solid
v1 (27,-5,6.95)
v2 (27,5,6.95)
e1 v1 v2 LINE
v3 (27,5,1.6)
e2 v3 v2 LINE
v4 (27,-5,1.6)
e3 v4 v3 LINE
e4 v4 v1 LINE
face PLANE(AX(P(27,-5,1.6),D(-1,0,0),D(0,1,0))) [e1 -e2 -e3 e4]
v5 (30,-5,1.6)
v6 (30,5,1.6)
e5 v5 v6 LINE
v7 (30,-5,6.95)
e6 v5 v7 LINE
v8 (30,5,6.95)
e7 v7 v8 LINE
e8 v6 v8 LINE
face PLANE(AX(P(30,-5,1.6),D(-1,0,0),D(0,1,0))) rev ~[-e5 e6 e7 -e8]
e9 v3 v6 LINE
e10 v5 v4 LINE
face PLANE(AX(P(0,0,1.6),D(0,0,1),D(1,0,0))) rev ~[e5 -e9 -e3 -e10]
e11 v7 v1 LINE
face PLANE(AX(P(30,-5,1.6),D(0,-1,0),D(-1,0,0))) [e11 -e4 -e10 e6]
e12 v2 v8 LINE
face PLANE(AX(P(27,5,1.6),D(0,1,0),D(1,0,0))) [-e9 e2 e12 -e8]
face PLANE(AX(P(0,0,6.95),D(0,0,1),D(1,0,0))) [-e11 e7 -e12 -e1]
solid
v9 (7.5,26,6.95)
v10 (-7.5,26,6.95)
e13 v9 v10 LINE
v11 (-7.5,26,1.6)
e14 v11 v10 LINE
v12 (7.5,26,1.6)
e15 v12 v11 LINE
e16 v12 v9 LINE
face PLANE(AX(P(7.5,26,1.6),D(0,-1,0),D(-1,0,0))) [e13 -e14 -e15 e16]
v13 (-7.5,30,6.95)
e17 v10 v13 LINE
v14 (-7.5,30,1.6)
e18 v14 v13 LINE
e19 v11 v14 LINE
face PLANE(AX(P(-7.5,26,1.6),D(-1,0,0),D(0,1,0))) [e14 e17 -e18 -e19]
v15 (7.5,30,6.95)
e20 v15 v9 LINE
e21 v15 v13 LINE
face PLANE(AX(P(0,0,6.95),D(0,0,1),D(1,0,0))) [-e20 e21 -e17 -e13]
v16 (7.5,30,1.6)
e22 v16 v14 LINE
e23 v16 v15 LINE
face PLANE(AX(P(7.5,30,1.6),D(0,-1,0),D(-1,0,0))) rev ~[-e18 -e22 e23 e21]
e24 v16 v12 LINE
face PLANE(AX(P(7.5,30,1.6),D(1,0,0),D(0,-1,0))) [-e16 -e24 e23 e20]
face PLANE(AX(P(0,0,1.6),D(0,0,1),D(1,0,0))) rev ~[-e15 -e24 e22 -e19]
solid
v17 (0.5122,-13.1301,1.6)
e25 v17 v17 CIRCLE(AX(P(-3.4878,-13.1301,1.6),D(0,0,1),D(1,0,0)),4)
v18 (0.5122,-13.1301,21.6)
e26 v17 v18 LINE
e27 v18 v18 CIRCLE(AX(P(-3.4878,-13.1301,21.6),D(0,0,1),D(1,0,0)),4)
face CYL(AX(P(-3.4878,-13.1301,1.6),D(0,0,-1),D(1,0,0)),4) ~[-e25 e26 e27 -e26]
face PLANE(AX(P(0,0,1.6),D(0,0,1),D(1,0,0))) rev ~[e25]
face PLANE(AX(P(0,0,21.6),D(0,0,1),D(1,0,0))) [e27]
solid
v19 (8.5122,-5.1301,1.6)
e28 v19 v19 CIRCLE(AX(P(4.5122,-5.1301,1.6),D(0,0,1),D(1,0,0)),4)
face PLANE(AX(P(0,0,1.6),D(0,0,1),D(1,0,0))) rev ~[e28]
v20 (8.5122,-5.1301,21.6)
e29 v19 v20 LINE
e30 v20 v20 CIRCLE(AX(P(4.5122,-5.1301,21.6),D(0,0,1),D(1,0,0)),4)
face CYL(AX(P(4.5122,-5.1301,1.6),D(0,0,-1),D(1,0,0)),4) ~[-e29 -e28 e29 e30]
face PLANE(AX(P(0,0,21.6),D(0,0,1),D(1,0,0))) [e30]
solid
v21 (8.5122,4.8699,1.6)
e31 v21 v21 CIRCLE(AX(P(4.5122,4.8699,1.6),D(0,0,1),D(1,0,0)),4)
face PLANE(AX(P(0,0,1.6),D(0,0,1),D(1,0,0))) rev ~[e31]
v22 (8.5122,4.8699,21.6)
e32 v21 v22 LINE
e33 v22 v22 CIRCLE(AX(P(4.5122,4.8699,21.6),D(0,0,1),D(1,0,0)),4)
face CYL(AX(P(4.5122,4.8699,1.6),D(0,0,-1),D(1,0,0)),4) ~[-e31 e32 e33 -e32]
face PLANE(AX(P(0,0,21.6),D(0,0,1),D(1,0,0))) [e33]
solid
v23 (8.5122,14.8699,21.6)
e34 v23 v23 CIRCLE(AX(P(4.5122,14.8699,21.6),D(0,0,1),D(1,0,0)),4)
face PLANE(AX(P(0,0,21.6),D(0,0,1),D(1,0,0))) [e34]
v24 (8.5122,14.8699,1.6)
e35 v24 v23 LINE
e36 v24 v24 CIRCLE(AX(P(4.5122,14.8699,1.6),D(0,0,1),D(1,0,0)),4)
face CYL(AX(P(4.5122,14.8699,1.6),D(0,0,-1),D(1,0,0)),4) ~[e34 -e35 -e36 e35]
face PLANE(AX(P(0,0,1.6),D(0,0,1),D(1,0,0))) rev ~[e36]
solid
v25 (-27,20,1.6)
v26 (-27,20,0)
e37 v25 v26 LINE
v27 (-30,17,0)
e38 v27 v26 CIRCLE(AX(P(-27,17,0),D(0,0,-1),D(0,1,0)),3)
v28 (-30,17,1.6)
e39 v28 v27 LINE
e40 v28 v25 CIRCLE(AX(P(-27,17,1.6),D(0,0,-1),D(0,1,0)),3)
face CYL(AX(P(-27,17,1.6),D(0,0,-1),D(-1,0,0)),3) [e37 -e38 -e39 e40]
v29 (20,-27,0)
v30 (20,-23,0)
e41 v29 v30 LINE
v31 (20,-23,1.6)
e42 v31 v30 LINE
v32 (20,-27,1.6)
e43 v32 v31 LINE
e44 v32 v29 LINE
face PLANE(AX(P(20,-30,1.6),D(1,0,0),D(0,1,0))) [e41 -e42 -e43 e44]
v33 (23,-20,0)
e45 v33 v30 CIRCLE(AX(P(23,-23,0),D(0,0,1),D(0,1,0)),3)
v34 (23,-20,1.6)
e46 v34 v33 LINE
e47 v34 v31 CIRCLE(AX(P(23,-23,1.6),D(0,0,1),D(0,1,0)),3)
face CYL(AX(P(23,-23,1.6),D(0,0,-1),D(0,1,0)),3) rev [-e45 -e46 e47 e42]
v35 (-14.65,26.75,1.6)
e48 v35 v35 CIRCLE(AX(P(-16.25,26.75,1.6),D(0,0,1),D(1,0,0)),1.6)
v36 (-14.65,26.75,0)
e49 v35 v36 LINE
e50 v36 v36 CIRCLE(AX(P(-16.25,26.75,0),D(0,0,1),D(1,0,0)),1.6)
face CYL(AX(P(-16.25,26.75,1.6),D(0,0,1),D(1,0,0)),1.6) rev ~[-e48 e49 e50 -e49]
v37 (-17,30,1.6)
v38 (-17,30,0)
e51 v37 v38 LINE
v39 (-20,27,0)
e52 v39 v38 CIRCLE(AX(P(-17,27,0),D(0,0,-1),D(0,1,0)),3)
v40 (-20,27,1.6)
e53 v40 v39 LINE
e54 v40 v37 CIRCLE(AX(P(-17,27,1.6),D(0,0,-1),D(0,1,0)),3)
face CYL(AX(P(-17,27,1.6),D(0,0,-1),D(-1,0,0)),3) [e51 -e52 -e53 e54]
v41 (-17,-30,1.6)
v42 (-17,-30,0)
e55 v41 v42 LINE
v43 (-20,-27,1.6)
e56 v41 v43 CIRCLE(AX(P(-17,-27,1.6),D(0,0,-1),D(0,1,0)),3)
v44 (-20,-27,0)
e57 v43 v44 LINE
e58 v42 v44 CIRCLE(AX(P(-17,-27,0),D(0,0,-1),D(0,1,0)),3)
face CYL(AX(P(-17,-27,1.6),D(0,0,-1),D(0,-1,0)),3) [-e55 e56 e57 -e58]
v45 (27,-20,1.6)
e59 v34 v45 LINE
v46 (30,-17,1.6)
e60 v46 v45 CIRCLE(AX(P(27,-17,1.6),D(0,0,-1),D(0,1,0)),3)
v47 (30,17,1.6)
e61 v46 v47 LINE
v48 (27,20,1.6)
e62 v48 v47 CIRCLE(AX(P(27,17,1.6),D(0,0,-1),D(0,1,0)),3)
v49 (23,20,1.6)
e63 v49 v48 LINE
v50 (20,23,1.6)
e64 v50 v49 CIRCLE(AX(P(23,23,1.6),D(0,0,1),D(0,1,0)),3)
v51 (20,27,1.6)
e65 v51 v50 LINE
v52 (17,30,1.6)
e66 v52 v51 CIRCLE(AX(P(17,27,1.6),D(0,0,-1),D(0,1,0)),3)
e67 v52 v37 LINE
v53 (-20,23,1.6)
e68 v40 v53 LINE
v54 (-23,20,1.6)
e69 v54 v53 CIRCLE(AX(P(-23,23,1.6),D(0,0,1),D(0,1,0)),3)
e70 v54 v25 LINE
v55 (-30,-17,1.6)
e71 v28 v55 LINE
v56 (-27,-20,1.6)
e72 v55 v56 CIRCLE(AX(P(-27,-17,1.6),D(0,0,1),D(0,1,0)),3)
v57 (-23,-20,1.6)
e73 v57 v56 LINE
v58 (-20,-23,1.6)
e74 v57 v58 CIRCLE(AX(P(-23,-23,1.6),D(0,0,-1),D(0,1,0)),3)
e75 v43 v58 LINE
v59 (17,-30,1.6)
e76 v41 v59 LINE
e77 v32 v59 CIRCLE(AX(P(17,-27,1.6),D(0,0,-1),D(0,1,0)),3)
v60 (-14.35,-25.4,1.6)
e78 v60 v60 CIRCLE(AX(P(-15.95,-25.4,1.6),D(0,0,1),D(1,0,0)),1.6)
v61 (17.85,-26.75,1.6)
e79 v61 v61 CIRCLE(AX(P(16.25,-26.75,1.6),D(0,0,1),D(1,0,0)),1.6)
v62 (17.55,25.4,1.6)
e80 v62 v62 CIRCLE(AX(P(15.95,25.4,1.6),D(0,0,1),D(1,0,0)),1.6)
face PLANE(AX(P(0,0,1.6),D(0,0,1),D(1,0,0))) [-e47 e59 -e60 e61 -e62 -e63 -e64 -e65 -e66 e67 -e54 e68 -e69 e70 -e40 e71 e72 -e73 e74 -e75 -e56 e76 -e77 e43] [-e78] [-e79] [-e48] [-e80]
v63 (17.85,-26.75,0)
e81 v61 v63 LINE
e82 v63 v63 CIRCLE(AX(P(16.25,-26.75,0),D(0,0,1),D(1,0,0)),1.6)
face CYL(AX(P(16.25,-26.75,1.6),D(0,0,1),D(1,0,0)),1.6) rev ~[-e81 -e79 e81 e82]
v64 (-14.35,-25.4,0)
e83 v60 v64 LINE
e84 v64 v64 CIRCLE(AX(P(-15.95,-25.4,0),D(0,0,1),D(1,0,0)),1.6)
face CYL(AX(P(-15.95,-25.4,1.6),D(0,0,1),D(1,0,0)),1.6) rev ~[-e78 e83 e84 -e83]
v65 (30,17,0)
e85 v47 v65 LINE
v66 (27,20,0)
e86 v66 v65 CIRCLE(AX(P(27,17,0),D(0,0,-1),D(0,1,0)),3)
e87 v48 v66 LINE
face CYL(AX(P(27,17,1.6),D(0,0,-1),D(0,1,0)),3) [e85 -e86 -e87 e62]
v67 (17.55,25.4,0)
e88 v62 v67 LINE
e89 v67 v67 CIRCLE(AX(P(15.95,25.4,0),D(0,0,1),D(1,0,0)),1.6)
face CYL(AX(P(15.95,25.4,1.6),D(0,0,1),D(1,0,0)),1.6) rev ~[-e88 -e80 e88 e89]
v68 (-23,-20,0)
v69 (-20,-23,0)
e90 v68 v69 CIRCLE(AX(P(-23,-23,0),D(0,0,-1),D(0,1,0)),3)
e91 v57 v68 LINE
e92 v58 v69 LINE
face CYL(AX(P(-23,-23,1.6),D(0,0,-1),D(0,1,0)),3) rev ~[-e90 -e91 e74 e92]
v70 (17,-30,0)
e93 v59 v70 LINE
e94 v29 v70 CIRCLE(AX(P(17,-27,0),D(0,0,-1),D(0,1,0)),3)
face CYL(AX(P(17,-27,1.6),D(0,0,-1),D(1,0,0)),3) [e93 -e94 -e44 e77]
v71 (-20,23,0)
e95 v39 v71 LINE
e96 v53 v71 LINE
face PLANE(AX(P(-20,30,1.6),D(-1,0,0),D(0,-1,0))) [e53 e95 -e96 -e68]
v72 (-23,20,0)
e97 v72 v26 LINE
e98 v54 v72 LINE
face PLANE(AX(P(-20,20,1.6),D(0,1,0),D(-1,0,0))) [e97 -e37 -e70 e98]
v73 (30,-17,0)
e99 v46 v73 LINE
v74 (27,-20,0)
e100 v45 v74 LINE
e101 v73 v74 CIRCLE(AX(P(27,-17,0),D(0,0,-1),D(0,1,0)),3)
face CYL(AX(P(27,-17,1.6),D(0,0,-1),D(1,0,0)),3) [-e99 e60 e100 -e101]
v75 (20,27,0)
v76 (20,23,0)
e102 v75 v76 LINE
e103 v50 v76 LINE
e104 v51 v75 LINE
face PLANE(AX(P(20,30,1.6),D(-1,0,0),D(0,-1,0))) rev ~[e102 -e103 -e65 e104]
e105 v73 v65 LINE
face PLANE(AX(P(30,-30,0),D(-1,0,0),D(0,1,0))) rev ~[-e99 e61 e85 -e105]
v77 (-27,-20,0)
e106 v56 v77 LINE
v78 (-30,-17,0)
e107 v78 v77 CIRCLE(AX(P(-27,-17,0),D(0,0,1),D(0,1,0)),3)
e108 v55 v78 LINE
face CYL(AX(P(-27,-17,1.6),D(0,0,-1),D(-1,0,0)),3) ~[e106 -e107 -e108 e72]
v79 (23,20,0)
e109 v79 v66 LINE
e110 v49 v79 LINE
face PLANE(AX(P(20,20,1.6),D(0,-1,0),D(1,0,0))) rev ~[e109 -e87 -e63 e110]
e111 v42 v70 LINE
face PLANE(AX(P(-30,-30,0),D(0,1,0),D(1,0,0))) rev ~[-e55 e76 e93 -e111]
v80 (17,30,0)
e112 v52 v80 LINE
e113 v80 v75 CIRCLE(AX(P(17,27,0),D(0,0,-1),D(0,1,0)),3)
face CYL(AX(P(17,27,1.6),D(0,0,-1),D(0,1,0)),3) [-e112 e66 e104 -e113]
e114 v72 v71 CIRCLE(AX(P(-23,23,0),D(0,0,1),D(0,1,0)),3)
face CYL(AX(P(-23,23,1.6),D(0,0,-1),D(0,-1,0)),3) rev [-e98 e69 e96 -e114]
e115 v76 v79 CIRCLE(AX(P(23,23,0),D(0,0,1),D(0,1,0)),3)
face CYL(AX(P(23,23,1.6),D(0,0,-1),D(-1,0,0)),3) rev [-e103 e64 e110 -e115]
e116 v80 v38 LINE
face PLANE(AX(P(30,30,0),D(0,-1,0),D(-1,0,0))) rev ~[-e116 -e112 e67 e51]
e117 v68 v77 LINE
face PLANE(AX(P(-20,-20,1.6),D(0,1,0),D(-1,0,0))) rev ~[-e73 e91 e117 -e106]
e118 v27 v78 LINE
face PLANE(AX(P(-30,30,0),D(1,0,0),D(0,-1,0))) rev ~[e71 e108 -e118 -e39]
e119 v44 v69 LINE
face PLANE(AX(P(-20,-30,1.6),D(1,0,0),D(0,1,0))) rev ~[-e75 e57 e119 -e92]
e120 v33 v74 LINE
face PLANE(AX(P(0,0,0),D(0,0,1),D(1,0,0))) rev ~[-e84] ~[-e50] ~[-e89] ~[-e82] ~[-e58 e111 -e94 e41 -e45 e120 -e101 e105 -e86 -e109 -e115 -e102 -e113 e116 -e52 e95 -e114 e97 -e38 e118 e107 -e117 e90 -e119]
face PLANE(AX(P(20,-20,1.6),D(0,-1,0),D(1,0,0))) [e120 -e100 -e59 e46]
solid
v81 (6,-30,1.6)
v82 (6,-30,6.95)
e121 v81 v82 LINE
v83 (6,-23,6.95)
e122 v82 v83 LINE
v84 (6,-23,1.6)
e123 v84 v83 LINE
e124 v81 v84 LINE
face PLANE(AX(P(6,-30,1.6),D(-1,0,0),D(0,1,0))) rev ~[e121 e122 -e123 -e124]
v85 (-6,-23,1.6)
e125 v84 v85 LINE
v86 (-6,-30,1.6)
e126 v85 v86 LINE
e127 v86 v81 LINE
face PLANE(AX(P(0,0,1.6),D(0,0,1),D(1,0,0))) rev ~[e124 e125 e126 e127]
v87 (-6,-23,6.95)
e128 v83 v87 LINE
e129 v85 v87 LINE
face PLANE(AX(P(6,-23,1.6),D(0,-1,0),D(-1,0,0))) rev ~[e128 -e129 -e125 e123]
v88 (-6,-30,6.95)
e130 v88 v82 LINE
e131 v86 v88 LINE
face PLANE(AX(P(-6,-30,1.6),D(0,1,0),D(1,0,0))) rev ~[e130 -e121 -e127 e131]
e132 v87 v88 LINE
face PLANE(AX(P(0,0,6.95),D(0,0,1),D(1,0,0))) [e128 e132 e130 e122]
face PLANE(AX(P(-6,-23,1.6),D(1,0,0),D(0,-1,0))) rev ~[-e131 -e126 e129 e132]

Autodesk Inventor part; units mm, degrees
ref_plane "YZ Plane" through (0, 0, 0) normal (1, 0, 0) x (0, 1, 0)
ref_plane "XZ Plane" through (0, 0, 0) normal (0, 1, 0) x (-1, 0, 0)
ref_plane "XY Plane" through (0, 0, 0) normal (0, 0, 1) x (1, 0, 0)
sketch "Sketch1" plane through (0, 0, 0) normal (0, 0, 1) x (1, 0, 0)
  line L0 (-30, -30) -> (30, -30)
  line L1 (30, -30) -> (30, 30)
  line L2 (30, 30) -> (-30, 30)
  line L3 (-30, 30) -> (-30, -30)
  line L4 (-30, -30) -> (30, 30) construction
  line L5 (30, -30) -> (-30, 30) construction
  point P0 (0, 0)
  dimension "d0" = 60
  dimension "d1" = 60
extrude "Extrusion1" add sketch "Sketch1" along normal blind 1.6
sketch "Sketch2" plane through (0, 0, 1.6) normal (0, 0, 1) x (1, 0, 0)
  line L0 (-30, -30) -> (30, -30) construction
  line L1 (30, -30) -> (30, 30) construction
  line L2 (30, 30) -> (-30, 30) construction
  line L3 (-30, 30) -> (-30, -30) construction
  line L4 (-30, -30) -> (-20, -30)
  line L5 (-20, -30) -> (-20, -20)
  line L6 (-20, -20) -> (-30, -20)
  line L7 (-30, -20) -> (-30, -30)
  line L8 (-42, 0) -> (42, 0) construction
  line L9 (0, -42) -> (0, 42) construction
  line L10 (-30, 30) -> (-20, 30)
  line L11 (-20, 30) -> (-20, 20)
  line L12 (-20, 20) -> (-30, 20)
  line L13 (-30, 20) -> (-30, 30)
  line L14 (30, 30) -> (30, -30) construction
  line L15 (30, -30) -> (20, -30)
  line L16 (20, -30) -> (20, -20)
  line L17 (20, -20) -> (30, -20)
  line L18 (30, -20) -> (30, -30)
  line L19 (30, 30) -> (20, 30)
  line L20 (20, 30) -> (20, 20)
  line L21 (20, 20) -> (30, 20)
  line L22 (30, 20) -> (30, 30)
  point P0 (0, 0)
  dimension "d4" = 10
  dimension "d5" = 10
extrude "Extrusion2" cut sketch "Sketch2" against normal blind 1.6
fillet "Fillet1" radius 3 12 edges at (30, 20, 0.8) (20, 20, 0.8) (20, 30, 0.8) (-20, 30, 0.8) (-20, 20, 0.8) (-30, 20, 0.8) (-30, -20, 0.8) (-20, -20, 0.8) (-20, -30, 0.8) (20, -30, 0.8) (20, -20, 0.8) (30, -20, 0.8)
sketch "Sketch3" plane through (0, 0, 1.6) normal (0, 0, 1) x (1, 0, 0)
  line L0 (-42, 0) -> (42, 0) construction
  line L1 (0, -42) -> (0, 42) construction
  circle A0 centre (16.25, -26.75) radius 1.6
  line L2 (-17, -30) -> (17, -30) construction
  line L3 (30, -17) -> (30, 17) construction
  circle A1 centre (-15.95, -25.4) radius 1.6
  circle A2 centre (-16.25, 26.75) radius 1.6
  circle A3 centre (15.95, 25.4) radius 1.6
  point P0 (0, 0)
  dimension "d9" = 3.25
  dimension "d10" = 13.75
  dimension "d11" = 3.2
  dimension "d12" = 3.2
  dimension "d13" = 3.2
  dimension "d14" = 3.2
  dimension "d15" = 4.6
  dimension "d16" = 45.95
  dimension "d17" = 56.75
  dimension "d18" = 46.25
  dimension "d19" = 55.4
  dimension "d20" = 14.05
  dimension "d41" = 52.15
  dimension "d42" = 0.3
  dimension "d43" = 32.2
  dimension "d44" = 32.2
  dimension "d45" = 52.15
  dimension "d46" = 1.35
extrude "Extrusion3" cut sketch "Sketch3" against normal blind 1.6
sketch "Sketch4" plane through (0, 0, 1.6) normal (0, 0, 1) x (1, 0, 0)
  line L0 (-17, -30) -> (17, -30) projected
  line L1 (-6, -30) -> (6, -30)
  line L2 (6, -30) -> (6, -23)
  line L3 (6, -23) -> (-6, -23)
  line L4 (-6, -23) -> (-6, -30)
  line L5 (17, 30) -> (-17, 30) projected
  line L6 (-7.5, 30) -> (7.5, 30)
  line L7 (7.5, 30) -> (7.5, 26)
  line L8 (7.5, 26) -> (-7.5, 26)
  line L9 (-7.5, 26) -> (-7.5, 30)
  line L10 (30, -17) -> (30, 17) projected
  line L11 (30, -17) -> (30, 17) projected
  line L12 (30, -5) -> (27, -5)
  line L13 (27, -5) -> (27, 5)
  line L14 (27, 5) -> (30, 5)
  line L15 (30, 5) -> (30, -5)
  point P0 (0, 0)
  dimension "d23" = 12
  dimension "d24" = 7
  dimension "d25" = 6
  dimension "d26" = 15
  dimension "d27" = 7.5
  dimension "d28" = 4
  dimension "d29" = 3
  dimension "d30" = 5
  dimension "d31" = 10
extrude "Extrusion4" add sketch "Sketch4" along normal blind 5.35 separate body
sketch "Sketch5" plane through (0, 0, 1.6) normal (0, 0, 1) x (1, 0, 0)
  circle A0 centre (-3.4878, -13.1301) radius 4
  circle A1 centre (4.5122, -5.1301) radius 4
  circle A2 centre (4.5122, 4.8699) radius 4
  circle A3 centre (4.5122, 14.8699) radius 4
  line L0 (4.5122, -5.1301) -> (4.5122, 14.6748) construction
  point P0 (0, 0)
  dimension "d34" = 10
  dimension "d35" = 10
  dimension "d36" = 8
  dimension "d37" = 8
  dimension "d38" = 8
extrude "Extrusion5" add sketch "Sketch5" along normal blind 20 separate body
equation "\"d5\" = d4"
equation "\"d12\" = d11"
equation "\"d13\" = d12"
equation "\"d14\" = d13"
equation "\"d30\" = 0.5 * d31"
properties part number "TMCM-1260_PCB"
